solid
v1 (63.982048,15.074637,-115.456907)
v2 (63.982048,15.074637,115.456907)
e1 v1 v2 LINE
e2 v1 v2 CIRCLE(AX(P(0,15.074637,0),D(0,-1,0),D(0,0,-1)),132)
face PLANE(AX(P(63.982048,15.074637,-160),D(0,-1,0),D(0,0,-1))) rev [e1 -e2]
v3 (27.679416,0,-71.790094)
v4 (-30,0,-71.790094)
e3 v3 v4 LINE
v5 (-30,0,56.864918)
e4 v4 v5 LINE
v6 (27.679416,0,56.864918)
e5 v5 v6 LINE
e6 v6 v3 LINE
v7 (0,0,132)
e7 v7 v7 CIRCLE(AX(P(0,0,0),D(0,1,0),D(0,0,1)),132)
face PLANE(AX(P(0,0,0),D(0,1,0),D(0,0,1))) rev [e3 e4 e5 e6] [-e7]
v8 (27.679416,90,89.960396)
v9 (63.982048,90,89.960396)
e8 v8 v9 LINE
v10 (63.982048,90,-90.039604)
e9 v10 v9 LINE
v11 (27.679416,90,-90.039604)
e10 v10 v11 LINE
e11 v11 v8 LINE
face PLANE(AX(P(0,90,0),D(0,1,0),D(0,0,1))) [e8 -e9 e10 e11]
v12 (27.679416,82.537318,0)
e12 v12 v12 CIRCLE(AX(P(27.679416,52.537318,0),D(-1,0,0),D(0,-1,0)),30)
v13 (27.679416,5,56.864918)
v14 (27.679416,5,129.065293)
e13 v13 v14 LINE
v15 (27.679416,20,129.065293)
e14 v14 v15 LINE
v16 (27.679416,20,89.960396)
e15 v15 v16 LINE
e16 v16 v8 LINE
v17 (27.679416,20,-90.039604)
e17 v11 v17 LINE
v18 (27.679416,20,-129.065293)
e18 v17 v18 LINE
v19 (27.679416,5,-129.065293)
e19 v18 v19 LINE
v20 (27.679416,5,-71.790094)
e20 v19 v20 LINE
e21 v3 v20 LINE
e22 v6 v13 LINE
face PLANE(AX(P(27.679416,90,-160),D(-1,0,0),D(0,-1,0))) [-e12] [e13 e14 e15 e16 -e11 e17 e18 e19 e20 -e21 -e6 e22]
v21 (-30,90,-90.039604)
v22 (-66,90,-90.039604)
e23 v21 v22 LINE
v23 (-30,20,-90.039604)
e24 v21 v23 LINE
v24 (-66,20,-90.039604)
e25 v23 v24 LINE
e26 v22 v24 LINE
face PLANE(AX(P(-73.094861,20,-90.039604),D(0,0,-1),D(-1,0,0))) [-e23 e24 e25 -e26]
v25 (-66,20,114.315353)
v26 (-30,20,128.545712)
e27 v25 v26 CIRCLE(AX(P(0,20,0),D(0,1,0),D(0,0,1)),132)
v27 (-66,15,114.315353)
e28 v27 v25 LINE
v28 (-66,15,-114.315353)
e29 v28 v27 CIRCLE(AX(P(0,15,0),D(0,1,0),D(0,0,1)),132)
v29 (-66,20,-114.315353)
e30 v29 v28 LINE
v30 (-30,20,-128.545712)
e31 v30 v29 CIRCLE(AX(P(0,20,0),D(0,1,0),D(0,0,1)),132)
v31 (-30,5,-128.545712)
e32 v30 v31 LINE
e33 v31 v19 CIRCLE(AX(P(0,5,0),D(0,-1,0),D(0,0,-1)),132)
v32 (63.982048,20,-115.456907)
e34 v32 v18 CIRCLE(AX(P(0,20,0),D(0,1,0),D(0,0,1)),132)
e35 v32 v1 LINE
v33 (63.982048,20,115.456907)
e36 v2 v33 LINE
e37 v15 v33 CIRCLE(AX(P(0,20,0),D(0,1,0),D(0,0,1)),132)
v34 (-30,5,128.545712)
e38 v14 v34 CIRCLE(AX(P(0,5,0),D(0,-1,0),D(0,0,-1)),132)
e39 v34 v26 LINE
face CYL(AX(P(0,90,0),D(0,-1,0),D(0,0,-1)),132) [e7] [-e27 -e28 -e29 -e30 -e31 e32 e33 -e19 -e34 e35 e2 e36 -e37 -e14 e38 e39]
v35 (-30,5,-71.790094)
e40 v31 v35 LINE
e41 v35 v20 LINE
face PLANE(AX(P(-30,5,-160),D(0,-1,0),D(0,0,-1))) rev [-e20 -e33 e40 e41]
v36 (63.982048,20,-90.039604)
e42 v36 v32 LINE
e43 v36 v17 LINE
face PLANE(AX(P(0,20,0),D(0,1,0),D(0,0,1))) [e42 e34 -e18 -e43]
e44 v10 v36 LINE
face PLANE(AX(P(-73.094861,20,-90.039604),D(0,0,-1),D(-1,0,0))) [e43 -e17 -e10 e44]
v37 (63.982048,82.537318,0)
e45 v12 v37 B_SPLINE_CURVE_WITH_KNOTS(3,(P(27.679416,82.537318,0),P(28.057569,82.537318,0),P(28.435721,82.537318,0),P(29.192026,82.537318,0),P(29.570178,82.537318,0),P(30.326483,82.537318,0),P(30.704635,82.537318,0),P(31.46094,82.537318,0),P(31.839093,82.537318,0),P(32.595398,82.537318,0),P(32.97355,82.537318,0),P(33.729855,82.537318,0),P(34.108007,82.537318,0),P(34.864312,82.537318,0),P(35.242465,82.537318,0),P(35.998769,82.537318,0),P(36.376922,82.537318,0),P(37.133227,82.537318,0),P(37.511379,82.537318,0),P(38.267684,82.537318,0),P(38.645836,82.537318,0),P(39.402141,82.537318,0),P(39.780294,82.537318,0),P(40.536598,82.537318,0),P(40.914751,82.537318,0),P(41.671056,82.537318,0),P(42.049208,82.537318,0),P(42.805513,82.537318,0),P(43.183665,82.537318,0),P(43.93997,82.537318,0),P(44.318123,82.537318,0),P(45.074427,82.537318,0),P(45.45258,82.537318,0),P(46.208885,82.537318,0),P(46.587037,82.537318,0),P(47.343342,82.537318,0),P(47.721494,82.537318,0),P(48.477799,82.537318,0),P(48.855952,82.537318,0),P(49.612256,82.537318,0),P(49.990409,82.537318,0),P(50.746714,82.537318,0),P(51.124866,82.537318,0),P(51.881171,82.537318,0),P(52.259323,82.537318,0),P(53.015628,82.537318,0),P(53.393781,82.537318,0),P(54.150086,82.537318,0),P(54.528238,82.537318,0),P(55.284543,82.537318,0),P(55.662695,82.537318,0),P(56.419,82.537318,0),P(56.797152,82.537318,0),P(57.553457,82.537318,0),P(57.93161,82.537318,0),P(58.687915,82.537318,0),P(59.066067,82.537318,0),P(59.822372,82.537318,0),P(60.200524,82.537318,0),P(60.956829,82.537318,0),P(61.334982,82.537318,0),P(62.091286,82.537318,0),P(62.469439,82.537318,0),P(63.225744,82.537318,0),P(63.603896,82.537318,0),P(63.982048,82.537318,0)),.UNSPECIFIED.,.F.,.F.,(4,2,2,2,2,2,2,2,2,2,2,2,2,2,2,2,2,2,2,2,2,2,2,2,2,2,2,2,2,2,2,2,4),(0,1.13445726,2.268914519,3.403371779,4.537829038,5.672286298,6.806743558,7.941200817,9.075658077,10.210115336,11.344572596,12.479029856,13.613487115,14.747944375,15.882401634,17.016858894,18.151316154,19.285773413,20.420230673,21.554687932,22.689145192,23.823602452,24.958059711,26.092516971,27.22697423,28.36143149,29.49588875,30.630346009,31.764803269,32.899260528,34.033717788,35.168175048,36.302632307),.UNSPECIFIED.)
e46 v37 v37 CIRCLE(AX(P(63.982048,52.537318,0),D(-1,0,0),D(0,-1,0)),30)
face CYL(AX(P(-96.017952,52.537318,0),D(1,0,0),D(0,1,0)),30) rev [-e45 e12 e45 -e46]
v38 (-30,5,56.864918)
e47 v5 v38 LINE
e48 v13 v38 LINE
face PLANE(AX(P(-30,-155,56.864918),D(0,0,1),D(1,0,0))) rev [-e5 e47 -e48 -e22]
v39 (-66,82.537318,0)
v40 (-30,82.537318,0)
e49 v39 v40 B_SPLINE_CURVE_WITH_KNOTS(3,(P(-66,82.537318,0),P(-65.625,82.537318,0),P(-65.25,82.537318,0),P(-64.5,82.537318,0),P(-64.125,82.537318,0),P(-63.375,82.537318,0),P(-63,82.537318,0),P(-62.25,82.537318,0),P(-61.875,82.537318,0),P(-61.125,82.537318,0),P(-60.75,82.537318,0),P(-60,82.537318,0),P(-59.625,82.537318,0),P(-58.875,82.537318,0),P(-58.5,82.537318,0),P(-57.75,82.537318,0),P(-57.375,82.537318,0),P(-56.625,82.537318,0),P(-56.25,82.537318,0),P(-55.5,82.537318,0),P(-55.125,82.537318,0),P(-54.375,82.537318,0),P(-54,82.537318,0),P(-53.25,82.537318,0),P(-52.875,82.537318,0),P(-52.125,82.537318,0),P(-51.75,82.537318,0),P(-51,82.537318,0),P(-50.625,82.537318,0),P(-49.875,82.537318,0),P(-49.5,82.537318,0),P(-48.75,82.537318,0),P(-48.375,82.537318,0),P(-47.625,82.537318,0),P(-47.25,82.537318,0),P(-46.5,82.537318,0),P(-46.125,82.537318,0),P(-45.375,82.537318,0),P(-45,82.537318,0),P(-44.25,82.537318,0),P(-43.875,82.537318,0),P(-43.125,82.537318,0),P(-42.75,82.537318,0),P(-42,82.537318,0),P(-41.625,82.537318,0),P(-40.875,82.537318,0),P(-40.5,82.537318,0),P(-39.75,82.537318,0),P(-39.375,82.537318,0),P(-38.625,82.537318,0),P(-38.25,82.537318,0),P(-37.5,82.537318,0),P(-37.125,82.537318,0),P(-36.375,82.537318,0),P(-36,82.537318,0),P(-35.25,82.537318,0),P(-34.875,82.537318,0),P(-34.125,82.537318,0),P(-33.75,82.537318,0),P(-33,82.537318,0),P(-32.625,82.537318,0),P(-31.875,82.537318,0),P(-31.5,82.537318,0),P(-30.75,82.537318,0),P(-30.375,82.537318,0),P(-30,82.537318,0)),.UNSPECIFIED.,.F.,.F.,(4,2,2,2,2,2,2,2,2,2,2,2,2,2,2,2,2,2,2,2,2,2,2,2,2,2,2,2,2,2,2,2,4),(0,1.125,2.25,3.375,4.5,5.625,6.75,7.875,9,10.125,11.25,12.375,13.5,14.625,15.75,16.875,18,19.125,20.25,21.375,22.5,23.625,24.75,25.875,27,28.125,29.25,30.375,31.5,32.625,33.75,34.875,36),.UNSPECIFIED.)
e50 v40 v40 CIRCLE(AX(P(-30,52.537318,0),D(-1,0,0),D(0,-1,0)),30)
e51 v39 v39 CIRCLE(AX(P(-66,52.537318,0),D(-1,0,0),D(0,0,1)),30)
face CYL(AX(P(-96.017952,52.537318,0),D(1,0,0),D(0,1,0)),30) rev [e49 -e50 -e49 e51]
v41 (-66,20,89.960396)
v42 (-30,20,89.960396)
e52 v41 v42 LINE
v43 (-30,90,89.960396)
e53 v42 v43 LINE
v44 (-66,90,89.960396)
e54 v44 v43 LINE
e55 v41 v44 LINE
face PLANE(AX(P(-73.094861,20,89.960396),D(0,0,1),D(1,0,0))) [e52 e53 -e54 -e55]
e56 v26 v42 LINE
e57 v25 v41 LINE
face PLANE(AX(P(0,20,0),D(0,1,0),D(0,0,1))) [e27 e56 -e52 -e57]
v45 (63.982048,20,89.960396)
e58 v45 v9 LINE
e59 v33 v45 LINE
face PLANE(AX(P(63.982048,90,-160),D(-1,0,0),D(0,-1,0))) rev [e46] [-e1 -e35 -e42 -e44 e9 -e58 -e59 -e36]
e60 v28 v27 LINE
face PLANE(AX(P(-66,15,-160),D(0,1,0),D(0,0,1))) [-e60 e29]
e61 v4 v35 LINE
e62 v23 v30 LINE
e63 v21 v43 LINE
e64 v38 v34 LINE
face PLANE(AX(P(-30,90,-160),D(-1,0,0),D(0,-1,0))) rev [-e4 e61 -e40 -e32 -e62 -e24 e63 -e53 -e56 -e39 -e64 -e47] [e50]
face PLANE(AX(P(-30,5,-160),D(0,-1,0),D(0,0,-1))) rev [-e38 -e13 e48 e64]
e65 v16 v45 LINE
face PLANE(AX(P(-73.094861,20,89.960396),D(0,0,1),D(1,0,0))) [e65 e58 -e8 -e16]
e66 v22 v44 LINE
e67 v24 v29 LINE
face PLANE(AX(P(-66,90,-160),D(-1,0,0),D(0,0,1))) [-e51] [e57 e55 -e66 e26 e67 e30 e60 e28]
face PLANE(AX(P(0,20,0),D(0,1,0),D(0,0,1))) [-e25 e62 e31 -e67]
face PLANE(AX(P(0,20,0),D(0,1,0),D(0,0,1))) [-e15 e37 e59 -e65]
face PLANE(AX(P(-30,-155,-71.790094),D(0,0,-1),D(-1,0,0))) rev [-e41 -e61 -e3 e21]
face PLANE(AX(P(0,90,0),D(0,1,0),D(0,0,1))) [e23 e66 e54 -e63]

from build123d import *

# Parameters (mm, degrees)
SKETCH2_R           = 132
BOSS_EXTRUDE1_DEPTH = 90
SKETCH3_W           = 57.679416137
SKETCH3_H           = 85
CUT_EXTRUDE1_DEPTH  = 160
SKETCH4_W           = 66
SKETCH4_H           = 75
SKETCH4_W_2         = 69.873766725
SKETCH4_H_2         = 74.92536342
CUT_EXTRUDE2_DEPTH  = 160
SKETCH5_R           = 30
CUT_EXTRUDE3_DEPTH  = 160
SKETCH6_W           = 57.679416137
SKETCH6_H           = 128.655011674
CUT_EXTRUDE4_DEPTH  = 160
SKETCH7_W           = 202.247474543
SKETCH7_H           = 277.255171559
SKETCH7_W_2         = 143.334546523
SKETCH7_H_2         = 180
CUT_EXTRUDE5_DEPTH  = 70


with BuildPart() as part:
    # Sketch2 → Boss-Extrude1 (new body)
    with BuildSketch(Plane(origin=(0, 0, 0), x_dir=(1, 0, 0), z_dir=(0, 1, 0))):
        with Locations(Location((0, 0, 0), (0, 0, 90))):
            Circle(SKETCH2_R)
    extrude(amount=BOSS_EXTRUDE1_DEPTH)

    # Sketch3 → Cut-Extrude1 (cut, symmetric)
    with BuildSketch(Plane.XY):
        with Locations((-1.160291932, 47.5)):
            Rectangle(SKETCH3_W, SKETCH3_H)
    extrude(amount=CUT_EXTRUDE1_DEPTH, both=True, mode=Mode.SUBTRACT)

    # Sketch4 → Cut-Extrude2 (cut, symmetric)
    with BuildSketch(Plane.XY):
        with Locations((-99, 52.5)):
            Rectangle(SKETCH4_W, SKETCH4_H)
        with Locations((98.918931808, 52.53731829)):
            Rectangle(SKETCH4_W_2, SKETCH4_H_2)
    extrude(amount=CUT_EXTRUDE2_DEPTH, both=True, mode=Mode.SUBTRACT)

    # Sketch5 → Cut-Extrude3 (cut, symmetric)
    with BuildSketch(Plane(origin=(63.982048445, 0, 0), x_dir=(0, 0, -1), z_dir=(1, 0, 0))):
        with Locations(Location((0, 52.53731829, 0), (0, 0, 90))):
            Circle(SKETCH5_R)
    extrude(amount=CUT_EXTRUDE3_DEPTH, both=True, mode=Mode.SUBTRACT)

    # Sketch6 → Cut-Extrude4 (cut, symmetric)
    with BuildSketch(Plane(origin=(0, 5, 0), x_dir=(1, 0, 0), z_dir=(0, 1, 0))):
        with Locations((-1.160291932, 7.462587684)):
            Rectangle(SKETCH6_W, SKETCH6_H)
    extrude(amount=CUT_EXTRUDE4_DEPTH, both=True, mode=Mode.SUBTRACT)

    # Sketch7 → Cut-Extrude5 (cut, symmetric)
    with BuildSketch(Plane(origin=(0, 90, 0), x_dir=(1, 0, 0), z_dir=(0, 1, 0))):
        with Locations((-4.464336864, -2.73307398)):
            Rectangle(SKETCH7_W, SKETCH7_H)
        with Locations((-1.427587997, 0.039603907)):
            Rectangle(SKETCH7_W_2, SKETCH7_H_2, mode=Mode.SUBTRACT)
    extrude(amount=CUT_EXTRUDE5_DEPTH, both=True, mode=Mode.SUBTRACT)


solid = part.part
